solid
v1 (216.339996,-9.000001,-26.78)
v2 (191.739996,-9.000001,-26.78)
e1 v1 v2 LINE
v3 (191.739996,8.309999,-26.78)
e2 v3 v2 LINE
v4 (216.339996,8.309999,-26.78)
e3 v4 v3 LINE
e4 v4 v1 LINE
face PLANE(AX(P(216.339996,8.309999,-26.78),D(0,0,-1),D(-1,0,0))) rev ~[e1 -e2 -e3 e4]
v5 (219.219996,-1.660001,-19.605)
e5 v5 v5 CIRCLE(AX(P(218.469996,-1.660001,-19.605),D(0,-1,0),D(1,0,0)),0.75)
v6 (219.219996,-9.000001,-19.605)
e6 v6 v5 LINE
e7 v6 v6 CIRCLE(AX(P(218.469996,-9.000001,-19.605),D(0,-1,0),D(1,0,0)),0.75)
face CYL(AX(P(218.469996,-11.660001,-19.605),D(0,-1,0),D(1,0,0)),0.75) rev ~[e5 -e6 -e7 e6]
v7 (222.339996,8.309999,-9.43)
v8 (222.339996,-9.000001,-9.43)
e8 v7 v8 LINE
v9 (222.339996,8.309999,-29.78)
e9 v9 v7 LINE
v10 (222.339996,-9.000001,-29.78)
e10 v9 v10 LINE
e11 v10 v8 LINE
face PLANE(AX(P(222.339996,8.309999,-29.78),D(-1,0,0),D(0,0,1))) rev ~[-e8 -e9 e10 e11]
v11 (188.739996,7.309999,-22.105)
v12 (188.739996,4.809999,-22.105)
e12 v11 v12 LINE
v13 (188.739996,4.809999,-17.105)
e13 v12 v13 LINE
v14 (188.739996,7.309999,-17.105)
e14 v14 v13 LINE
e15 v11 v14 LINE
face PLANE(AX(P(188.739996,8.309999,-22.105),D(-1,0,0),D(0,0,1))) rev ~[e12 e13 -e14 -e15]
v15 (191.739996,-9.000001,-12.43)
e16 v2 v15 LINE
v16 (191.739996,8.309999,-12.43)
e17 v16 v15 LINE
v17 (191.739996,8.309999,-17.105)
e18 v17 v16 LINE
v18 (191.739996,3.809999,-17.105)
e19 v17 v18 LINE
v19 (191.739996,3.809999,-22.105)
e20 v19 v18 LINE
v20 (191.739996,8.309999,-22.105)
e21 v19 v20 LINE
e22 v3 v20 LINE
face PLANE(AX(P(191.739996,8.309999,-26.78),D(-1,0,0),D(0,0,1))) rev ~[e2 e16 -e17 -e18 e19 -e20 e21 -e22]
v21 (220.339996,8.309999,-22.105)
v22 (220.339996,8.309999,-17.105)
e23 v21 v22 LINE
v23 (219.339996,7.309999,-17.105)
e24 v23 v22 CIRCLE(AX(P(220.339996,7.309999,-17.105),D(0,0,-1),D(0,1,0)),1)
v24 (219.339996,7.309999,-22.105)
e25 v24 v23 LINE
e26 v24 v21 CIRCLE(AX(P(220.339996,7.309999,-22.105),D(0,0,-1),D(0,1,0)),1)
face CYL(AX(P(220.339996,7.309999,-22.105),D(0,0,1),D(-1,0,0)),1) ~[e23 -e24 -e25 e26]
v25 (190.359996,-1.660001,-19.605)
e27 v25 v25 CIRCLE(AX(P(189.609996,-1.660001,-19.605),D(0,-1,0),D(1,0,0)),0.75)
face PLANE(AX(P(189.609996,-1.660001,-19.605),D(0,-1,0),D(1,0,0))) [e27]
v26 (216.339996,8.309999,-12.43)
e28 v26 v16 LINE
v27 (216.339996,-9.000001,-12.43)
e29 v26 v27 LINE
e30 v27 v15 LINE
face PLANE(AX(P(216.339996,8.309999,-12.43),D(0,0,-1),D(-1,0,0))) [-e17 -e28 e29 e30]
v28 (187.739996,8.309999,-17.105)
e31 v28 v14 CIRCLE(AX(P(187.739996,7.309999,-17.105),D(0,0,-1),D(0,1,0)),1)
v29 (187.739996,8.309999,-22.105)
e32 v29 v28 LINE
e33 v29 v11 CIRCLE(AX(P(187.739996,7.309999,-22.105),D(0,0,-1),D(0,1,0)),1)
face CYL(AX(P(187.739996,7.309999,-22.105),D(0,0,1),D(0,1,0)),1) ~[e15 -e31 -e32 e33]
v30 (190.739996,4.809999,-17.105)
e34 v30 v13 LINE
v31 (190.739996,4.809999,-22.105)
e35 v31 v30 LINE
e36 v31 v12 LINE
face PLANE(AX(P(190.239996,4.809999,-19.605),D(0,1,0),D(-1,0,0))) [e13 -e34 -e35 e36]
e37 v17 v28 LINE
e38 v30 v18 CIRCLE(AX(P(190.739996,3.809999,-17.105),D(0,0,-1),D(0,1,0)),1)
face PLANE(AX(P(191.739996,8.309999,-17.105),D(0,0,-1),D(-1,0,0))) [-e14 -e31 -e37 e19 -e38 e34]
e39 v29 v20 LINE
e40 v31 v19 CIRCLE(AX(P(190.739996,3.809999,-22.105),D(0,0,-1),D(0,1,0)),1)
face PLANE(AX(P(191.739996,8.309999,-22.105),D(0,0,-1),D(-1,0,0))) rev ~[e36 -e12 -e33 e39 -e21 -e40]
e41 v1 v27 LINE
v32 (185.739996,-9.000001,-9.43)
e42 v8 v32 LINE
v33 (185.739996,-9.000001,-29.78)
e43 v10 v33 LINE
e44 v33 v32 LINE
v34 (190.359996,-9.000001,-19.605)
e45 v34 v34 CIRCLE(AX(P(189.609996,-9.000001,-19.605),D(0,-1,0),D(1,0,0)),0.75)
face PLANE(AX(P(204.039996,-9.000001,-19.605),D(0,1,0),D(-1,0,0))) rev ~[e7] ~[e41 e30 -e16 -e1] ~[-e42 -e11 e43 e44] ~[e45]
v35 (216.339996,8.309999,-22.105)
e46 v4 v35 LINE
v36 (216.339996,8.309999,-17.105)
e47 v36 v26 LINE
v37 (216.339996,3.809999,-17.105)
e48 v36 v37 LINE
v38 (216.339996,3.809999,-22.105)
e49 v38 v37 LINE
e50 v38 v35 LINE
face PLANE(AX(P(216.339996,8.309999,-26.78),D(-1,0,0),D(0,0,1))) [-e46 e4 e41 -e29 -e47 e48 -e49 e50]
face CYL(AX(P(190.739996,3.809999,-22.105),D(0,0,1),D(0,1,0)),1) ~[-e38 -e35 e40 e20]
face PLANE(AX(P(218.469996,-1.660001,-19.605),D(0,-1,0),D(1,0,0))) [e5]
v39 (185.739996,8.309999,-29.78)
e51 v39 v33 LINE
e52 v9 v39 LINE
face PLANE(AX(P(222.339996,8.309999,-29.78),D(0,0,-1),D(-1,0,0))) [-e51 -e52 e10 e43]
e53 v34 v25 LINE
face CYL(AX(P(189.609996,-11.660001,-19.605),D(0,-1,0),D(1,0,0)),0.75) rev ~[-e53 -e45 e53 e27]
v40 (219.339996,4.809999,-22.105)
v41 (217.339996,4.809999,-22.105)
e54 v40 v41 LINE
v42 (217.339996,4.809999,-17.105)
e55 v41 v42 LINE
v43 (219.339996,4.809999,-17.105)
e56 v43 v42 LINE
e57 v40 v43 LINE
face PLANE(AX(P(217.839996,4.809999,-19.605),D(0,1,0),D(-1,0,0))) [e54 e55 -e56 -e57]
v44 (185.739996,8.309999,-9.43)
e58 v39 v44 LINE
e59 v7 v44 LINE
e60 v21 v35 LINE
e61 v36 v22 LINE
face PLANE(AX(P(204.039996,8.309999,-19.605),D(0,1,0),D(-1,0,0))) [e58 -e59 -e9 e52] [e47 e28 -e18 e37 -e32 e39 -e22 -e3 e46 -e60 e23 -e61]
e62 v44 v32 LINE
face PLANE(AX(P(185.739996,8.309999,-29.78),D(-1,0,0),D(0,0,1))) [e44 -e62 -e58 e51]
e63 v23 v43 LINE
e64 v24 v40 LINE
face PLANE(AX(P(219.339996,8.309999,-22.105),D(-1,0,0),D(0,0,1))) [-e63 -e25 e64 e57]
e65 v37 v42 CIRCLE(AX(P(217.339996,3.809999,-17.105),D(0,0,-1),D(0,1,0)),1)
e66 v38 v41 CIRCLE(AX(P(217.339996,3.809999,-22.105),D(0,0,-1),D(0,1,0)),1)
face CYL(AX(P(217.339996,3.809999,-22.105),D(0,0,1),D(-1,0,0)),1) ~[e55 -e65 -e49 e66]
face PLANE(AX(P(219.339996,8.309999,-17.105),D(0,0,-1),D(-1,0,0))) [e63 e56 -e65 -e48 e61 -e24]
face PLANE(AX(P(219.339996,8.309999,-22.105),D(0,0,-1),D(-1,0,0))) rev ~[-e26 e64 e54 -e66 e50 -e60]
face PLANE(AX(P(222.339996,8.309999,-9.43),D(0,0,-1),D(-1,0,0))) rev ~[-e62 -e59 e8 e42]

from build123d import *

# Parameters (mm, degrees)
SKETCH031_W             = 36.6
SKETCH031_H             = 20.35
SKETCH031_W_2           = 24.6
SKETCH031_H_2           = 14.35
PAD017_DEPTH            = 17.31
SKETCH033_R             = 0.75
POCKET010_DEPTH         = 10
SKETCH032_W             = 3
SKETCH032_H             = 5
POCKET009_DEPTH         = 3.5
FILLET010_R             = 1
FILLET013_R             = 1
FILLET011_R             = 1
FILLET012_R             = 1
BODY007_PLACEMENT_ANGLE = 180


with BuildPart() as part:
    # Sketch031 (on Face1 of ReferencePocket004) → Pad017 (new body)
    with BuildSketch(Plane.XZ):
        with Locations((11.3, 6.175)):
            Rectangle(SKETCH031_W, SKETCH031_H)
        with Locations((11.3, 6.175)):
            Rectangle(SKETCH031_W_2, SKETCH031_H_2, mode=Mode.SUBTRACT)
    extrude(amount=-PAD017_DEPTH)

    # Sketch033 (on Face10 of Pad016) → Pocket010 (cut)
    with BuildSketch(Plane(origin=(0, 19.97, 0), x_dir=(-1, 0, 0), z_dir=(0, 1, 0))):
        with Locations((-25.73, 6.175)):
            Circle(SKETCH033_R)
        with Locations((3.13, 6.175)):
            Circle(SKETCH033_R)
    extrude(amount=-POCKET010_DEPTH, mode=Mode.SUBTRACT)

    # Sketch032 (on Face4 of Pocket010) → Pocket009 (cut)
    with BuildSketch(Plane.XZ):
        with Locations((-2.5, 6.175)):
            Rectangle(SKETCH032_W, SKETCH032_H)
        with Locations((25.1, 6.175)):
            Rectangle(SKETCH032_W, SKETCH032_H)
    extrude(amount=-POCKET009_DEPTH, mode=Mode.SUBTRACT)

    # Fillet010
    fillet010_edges = [part.edges().sort_by_distance(p)[0] for p in [
        (26.6, 0, 6.175),
    ]]
    fillet(fillet010_edges, radius=FILLET010_R)

    # Fillet013
    fillet013_edges = [part.edges().sort_by_distance(p)[0] for p in [
        (23.6, 3.5, 6.175),
    ]]
    fillet(fillet013_edges, radius=FILLET013_R)

    # Fillet011
    fillet011_edges = [part.edges().sort_by_distance(p)[0] for p in [
        (-1, 3.5, 6.175),
    ]]
    fillet(fillet011_edges, radius=FILLET011_R)

    # Fillet012
    fillet012_edges = [part.edges().sort_by_distance(p)[0] for p in [
        (-4, 0, 6.175),
    ]]
    fillet(fillet012_edges, radius=FILLET012_R)


with BuildPart() as part_1:
    # Body007 placement: moved
    add(part.part.moved(Location((215.339996, 8.309999, -25.78))).rotate(Axis((215.339996, 8.309999, -25.78), (0, 0, 1)), BODY007_PLACEMENT_ANGLE))


solid = part_1.part
